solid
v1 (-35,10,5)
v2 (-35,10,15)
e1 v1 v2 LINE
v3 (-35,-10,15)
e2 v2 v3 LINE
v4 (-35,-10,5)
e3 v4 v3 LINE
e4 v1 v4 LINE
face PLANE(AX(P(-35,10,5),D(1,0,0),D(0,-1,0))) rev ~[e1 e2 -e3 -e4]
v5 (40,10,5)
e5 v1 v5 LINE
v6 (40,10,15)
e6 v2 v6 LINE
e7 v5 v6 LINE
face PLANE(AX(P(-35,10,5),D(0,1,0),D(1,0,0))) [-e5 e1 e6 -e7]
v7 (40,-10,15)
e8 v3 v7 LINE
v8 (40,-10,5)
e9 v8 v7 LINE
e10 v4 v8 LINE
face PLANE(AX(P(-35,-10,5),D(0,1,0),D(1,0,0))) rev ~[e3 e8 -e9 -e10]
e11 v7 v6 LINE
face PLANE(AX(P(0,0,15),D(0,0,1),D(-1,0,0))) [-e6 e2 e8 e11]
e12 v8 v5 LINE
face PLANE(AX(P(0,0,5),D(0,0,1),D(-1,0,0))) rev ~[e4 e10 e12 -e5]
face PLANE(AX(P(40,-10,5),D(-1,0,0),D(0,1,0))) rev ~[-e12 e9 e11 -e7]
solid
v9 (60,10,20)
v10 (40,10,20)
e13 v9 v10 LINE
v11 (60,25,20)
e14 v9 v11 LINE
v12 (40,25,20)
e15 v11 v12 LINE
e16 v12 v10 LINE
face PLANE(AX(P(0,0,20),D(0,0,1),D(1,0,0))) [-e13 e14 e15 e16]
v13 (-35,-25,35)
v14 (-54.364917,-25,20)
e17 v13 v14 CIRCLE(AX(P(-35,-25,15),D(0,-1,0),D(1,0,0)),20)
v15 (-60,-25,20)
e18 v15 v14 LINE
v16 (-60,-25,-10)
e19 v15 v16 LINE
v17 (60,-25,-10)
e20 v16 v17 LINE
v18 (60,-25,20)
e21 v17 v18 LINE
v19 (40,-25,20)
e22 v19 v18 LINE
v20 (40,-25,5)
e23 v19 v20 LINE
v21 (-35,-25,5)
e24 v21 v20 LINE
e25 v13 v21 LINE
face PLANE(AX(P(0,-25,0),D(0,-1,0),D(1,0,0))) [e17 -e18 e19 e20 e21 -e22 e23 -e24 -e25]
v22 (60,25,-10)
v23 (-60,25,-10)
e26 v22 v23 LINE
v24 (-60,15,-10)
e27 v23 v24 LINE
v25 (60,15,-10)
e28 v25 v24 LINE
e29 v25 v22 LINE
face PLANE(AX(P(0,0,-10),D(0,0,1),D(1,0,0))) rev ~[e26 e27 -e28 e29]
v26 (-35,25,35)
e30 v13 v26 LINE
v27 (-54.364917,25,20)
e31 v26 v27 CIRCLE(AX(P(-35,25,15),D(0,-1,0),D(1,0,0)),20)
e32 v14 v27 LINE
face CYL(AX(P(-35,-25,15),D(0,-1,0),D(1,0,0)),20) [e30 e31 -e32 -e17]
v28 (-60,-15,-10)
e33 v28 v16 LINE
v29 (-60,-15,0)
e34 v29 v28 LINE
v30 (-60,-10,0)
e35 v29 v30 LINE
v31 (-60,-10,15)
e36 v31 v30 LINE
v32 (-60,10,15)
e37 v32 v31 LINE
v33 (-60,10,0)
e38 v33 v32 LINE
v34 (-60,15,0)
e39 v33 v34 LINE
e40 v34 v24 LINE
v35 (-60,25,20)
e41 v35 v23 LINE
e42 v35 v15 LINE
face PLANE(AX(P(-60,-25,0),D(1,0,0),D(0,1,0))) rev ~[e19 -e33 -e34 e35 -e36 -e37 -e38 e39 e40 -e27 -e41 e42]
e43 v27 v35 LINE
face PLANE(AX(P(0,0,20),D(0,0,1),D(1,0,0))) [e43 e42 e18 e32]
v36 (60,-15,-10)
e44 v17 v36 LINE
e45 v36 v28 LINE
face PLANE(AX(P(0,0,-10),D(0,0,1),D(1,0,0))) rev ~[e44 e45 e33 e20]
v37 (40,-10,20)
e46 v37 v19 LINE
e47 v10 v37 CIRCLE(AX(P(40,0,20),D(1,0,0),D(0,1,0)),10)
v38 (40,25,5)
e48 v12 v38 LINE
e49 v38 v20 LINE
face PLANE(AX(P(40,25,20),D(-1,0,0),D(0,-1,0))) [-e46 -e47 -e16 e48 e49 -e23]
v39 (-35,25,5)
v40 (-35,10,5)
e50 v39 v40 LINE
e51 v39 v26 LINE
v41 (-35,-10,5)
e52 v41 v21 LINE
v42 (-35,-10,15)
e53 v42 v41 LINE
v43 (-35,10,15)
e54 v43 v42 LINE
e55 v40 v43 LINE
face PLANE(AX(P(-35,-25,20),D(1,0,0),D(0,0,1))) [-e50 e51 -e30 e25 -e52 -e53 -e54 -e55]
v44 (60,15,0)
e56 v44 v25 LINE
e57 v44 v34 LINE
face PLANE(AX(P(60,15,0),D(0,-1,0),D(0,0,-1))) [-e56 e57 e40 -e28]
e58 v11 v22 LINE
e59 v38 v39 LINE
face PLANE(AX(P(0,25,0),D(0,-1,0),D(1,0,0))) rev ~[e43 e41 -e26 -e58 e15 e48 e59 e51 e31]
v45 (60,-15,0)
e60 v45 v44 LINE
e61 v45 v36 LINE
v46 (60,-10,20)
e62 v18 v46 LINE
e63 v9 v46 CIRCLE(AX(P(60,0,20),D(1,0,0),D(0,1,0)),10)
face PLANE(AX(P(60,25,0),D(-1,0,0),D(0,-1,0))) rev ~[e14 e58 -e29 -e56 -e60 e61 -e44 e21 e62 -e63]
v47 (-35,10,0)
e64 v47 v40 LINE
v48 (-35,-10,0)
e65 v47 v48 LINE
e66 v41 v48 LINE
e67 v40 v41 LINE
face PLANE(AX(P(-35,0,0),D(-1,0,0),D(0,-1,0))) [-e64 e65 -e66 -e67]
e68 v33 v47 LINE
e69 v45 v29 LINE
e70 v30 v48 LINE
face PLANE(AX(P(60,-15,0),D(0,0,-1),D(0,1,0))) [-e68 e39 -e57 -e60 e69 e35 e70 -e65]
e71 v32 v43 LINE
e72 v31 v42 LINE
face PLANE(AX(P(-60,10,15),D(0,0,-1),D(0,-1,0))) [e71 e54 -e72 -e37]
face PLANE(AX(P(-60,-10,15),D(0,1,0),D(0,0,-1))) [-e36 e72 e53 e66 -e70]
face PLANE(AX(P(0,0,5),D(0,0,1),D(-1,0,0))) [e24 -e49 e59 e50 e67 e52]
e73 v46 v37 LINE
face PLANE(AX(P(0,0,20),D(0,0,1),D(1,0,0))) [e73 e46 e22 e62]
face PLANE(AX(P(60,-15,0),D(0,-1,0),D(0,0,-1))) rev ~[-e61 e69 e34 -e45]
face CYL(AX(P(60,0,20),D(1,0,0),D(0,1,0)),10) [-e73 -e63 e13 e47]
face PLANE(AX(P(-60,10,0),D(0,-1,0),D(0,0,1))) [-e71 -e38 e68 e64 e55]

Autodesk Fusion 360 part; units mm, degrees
sketch "Sketch1" plane through (0, 0, 0) normal (0, 0, 1) x (1, 0, 0) in component "block"
  line L0 (60, -25) -> (-60, -25)
  line L1 (-60, -25) -> (-60, 25)
  line L2 (-60, 25) -> (60, 25)
  line L3 (60, 25) -> (60, -25)
  line L4 (60, -25) -> (-60, 25) construction
  line L5 (-60, -25) -> (60, 25) construction
  dimension "d1" = 120
  dimension "d2" = 50
extrude "Extrude1" add sketch "Sketch1" against normal blind 10 makes body 1 in component "block"
move_face "OffsetFaces1" offset 20 1 faces at (20, -8.3333, 0) on bodies 1 in component "block"
sketch "Sketch2" plane through (60, 0, 0) normal (1, 0, 0) x (0, 1, 0) in component "block"
  line L0 (25, 20) -> (-25, 20)
  line L1 (-25, 20) -> (-25, -10)
  line L2 (-25, -10) -> (25, -10)
  line L3 (25, -10) -> (25, 20)
  line L4 (-15, 0) -> (-15, -10)
  line L5 (15, 0) -> (15, -10)
  line L6 (-15, 0) -> (15, 0)
  line L7 (15, -10) -> (-15, -10)
extrude "Extrude2" cut sketch "Sketch2" against normal blind 120 contours L2 L4 L5 L6 L7 bodies 1 in component "block"
sketch "Sketch3" plane through (0, 25, 0) normal (0, 1, 0) x (-1, 0, 0) in component "block"
  line L0 (60, 20) -> (-60, 20)
  line L1 (-60, 20) -> (-60, -10)
  line L2 (-60, -10) -> (60, -10)
  line L3 (60, -10) -> (60, 20)
  line L4 (-60, 5) -> (60, 5) construction
sketch "Sketch4" plane through (0, 0, 20) normal (0, 0, 1) x (-1, 0, 0) in component "block"
  line L0 (-60, -25) -> (60, -25)
  line L1 (60, -25) -> (60, 25)
  line L2 (60, 25) -> (-60, 25)
  line L3 (-60, 25) -> (-60, -25)
  line L4 (35, -25) -> (35, 25)
  line L5 (-40, -25) -> (-40, 25)
sketch "Sketch5" plane through (-60, 0, 0) normal (-1, 0, 0) x (0, -1, 0) in component "block"
  line L0 (15, 0) -> (15, -10)
  line L1 (15, -10) -> (25, -10)
  line L2 (25, -10) -> (25, 20)
  line L3 (25, 20) -> (-25, 20)
  line L4 (-25, 20) -> (-25, -10)
  line L5 (-25, -10) -> (-15, -10)
  line L6 (-15, -10) -> (-15, 0)
  line L7 (-15, 0) -> (15, 0)
  line L8 (-10, 0) -> (-10, 15)
  line L9 (-10, 15) -> (10, 15)
  line L10 (10, 15) -> (10, 0)
extrude "Extrude3" cut sketch "Sketch5" against normal blind 25 contours L7 L8 L9 L10 bodies 1 in component "block"
sketch "Sketch6" plane through (0, -25, 0) normal (0, -1, 0) x (1, 0, 0) in component "block"
  line L0 (60, 20) -> (-60, 20)
  line L1 (-60, 20) -> (-60, -10)
  line L2 (-60, -10) -> (60, -10)
  line L3 (60, -10) -> (60, 20)
  line L4 (-60, 5) -> (-35, 5)
  line L5 (-35, 5) -> (-35, 20)
  circle A0 centre (-35, 15) radius 20
  line L6 (-35, 20) -> (-35, 35)
extrude "Extrude4" cut sketch "Sketch4" against normal blind 15 contours L0 L2 L4 L5 bodies 1 in component "block"
sketch "Sketch7" plane through (0, 0, 5) normal (0, 0, 1) x (-1, 0, 0) in component "block"
  line L0 (35, 10) -> (35, 25)
  line L1 (35, 25) -> (-40, 25)
  line L2 (-40, 25) -> (-40, -25)
  line L3 (-40, -25) -> (35, -25)
  line L4 (35, -25) -> (35, -10)
  line L5 (35, -10) -> (35, 10)
  line L6 (35, -10) -> (-40, -10)
  line L7 (35, 10) -> (-40, 10)
extrude "Extrude5" add sketch "Sketch7" along normal blind 10 separate body contours L2 L5 L6 L7 makes body 2 in component "block"
extrude "Extrude6" add sketch "Sketch6" against normal blind 50 contours L0 A0 L6 picked at (-35.9729, 29.9286) bodies 1 in component "block"
sketch "Sketch8" plane through (60, 0, 0) normal (1, 0, 0) x (0, 1, 0) in component "block"
  line L0 (-15, -10) -> (-15, 0)
  line L1 (-15, 0) -> (15, 0)
  line L2 (15, 0) -> (15, -10)
  line L3 (15, -10) -> (25, -10)
  line L4 (25, -10) -> (25, 20)
  line L5 (25, 20) -> (-25, 20)
  line L6 (-25, 20) -> (-25, -10)
  line L7 (-25, -10) -> (-15, -10)
  circle A0 centre (0, 20) radius 10
extrude "Extrude7" add sketch "Sketch8" against normal blind 20 contours L5 A0 picked at (2.0783, 22.6061) bodies 1 in component "block"
component "block" placed x (1, 0, 0) y (0, 1, 0) z (0, 0, 1) at (0, 0, 0)
